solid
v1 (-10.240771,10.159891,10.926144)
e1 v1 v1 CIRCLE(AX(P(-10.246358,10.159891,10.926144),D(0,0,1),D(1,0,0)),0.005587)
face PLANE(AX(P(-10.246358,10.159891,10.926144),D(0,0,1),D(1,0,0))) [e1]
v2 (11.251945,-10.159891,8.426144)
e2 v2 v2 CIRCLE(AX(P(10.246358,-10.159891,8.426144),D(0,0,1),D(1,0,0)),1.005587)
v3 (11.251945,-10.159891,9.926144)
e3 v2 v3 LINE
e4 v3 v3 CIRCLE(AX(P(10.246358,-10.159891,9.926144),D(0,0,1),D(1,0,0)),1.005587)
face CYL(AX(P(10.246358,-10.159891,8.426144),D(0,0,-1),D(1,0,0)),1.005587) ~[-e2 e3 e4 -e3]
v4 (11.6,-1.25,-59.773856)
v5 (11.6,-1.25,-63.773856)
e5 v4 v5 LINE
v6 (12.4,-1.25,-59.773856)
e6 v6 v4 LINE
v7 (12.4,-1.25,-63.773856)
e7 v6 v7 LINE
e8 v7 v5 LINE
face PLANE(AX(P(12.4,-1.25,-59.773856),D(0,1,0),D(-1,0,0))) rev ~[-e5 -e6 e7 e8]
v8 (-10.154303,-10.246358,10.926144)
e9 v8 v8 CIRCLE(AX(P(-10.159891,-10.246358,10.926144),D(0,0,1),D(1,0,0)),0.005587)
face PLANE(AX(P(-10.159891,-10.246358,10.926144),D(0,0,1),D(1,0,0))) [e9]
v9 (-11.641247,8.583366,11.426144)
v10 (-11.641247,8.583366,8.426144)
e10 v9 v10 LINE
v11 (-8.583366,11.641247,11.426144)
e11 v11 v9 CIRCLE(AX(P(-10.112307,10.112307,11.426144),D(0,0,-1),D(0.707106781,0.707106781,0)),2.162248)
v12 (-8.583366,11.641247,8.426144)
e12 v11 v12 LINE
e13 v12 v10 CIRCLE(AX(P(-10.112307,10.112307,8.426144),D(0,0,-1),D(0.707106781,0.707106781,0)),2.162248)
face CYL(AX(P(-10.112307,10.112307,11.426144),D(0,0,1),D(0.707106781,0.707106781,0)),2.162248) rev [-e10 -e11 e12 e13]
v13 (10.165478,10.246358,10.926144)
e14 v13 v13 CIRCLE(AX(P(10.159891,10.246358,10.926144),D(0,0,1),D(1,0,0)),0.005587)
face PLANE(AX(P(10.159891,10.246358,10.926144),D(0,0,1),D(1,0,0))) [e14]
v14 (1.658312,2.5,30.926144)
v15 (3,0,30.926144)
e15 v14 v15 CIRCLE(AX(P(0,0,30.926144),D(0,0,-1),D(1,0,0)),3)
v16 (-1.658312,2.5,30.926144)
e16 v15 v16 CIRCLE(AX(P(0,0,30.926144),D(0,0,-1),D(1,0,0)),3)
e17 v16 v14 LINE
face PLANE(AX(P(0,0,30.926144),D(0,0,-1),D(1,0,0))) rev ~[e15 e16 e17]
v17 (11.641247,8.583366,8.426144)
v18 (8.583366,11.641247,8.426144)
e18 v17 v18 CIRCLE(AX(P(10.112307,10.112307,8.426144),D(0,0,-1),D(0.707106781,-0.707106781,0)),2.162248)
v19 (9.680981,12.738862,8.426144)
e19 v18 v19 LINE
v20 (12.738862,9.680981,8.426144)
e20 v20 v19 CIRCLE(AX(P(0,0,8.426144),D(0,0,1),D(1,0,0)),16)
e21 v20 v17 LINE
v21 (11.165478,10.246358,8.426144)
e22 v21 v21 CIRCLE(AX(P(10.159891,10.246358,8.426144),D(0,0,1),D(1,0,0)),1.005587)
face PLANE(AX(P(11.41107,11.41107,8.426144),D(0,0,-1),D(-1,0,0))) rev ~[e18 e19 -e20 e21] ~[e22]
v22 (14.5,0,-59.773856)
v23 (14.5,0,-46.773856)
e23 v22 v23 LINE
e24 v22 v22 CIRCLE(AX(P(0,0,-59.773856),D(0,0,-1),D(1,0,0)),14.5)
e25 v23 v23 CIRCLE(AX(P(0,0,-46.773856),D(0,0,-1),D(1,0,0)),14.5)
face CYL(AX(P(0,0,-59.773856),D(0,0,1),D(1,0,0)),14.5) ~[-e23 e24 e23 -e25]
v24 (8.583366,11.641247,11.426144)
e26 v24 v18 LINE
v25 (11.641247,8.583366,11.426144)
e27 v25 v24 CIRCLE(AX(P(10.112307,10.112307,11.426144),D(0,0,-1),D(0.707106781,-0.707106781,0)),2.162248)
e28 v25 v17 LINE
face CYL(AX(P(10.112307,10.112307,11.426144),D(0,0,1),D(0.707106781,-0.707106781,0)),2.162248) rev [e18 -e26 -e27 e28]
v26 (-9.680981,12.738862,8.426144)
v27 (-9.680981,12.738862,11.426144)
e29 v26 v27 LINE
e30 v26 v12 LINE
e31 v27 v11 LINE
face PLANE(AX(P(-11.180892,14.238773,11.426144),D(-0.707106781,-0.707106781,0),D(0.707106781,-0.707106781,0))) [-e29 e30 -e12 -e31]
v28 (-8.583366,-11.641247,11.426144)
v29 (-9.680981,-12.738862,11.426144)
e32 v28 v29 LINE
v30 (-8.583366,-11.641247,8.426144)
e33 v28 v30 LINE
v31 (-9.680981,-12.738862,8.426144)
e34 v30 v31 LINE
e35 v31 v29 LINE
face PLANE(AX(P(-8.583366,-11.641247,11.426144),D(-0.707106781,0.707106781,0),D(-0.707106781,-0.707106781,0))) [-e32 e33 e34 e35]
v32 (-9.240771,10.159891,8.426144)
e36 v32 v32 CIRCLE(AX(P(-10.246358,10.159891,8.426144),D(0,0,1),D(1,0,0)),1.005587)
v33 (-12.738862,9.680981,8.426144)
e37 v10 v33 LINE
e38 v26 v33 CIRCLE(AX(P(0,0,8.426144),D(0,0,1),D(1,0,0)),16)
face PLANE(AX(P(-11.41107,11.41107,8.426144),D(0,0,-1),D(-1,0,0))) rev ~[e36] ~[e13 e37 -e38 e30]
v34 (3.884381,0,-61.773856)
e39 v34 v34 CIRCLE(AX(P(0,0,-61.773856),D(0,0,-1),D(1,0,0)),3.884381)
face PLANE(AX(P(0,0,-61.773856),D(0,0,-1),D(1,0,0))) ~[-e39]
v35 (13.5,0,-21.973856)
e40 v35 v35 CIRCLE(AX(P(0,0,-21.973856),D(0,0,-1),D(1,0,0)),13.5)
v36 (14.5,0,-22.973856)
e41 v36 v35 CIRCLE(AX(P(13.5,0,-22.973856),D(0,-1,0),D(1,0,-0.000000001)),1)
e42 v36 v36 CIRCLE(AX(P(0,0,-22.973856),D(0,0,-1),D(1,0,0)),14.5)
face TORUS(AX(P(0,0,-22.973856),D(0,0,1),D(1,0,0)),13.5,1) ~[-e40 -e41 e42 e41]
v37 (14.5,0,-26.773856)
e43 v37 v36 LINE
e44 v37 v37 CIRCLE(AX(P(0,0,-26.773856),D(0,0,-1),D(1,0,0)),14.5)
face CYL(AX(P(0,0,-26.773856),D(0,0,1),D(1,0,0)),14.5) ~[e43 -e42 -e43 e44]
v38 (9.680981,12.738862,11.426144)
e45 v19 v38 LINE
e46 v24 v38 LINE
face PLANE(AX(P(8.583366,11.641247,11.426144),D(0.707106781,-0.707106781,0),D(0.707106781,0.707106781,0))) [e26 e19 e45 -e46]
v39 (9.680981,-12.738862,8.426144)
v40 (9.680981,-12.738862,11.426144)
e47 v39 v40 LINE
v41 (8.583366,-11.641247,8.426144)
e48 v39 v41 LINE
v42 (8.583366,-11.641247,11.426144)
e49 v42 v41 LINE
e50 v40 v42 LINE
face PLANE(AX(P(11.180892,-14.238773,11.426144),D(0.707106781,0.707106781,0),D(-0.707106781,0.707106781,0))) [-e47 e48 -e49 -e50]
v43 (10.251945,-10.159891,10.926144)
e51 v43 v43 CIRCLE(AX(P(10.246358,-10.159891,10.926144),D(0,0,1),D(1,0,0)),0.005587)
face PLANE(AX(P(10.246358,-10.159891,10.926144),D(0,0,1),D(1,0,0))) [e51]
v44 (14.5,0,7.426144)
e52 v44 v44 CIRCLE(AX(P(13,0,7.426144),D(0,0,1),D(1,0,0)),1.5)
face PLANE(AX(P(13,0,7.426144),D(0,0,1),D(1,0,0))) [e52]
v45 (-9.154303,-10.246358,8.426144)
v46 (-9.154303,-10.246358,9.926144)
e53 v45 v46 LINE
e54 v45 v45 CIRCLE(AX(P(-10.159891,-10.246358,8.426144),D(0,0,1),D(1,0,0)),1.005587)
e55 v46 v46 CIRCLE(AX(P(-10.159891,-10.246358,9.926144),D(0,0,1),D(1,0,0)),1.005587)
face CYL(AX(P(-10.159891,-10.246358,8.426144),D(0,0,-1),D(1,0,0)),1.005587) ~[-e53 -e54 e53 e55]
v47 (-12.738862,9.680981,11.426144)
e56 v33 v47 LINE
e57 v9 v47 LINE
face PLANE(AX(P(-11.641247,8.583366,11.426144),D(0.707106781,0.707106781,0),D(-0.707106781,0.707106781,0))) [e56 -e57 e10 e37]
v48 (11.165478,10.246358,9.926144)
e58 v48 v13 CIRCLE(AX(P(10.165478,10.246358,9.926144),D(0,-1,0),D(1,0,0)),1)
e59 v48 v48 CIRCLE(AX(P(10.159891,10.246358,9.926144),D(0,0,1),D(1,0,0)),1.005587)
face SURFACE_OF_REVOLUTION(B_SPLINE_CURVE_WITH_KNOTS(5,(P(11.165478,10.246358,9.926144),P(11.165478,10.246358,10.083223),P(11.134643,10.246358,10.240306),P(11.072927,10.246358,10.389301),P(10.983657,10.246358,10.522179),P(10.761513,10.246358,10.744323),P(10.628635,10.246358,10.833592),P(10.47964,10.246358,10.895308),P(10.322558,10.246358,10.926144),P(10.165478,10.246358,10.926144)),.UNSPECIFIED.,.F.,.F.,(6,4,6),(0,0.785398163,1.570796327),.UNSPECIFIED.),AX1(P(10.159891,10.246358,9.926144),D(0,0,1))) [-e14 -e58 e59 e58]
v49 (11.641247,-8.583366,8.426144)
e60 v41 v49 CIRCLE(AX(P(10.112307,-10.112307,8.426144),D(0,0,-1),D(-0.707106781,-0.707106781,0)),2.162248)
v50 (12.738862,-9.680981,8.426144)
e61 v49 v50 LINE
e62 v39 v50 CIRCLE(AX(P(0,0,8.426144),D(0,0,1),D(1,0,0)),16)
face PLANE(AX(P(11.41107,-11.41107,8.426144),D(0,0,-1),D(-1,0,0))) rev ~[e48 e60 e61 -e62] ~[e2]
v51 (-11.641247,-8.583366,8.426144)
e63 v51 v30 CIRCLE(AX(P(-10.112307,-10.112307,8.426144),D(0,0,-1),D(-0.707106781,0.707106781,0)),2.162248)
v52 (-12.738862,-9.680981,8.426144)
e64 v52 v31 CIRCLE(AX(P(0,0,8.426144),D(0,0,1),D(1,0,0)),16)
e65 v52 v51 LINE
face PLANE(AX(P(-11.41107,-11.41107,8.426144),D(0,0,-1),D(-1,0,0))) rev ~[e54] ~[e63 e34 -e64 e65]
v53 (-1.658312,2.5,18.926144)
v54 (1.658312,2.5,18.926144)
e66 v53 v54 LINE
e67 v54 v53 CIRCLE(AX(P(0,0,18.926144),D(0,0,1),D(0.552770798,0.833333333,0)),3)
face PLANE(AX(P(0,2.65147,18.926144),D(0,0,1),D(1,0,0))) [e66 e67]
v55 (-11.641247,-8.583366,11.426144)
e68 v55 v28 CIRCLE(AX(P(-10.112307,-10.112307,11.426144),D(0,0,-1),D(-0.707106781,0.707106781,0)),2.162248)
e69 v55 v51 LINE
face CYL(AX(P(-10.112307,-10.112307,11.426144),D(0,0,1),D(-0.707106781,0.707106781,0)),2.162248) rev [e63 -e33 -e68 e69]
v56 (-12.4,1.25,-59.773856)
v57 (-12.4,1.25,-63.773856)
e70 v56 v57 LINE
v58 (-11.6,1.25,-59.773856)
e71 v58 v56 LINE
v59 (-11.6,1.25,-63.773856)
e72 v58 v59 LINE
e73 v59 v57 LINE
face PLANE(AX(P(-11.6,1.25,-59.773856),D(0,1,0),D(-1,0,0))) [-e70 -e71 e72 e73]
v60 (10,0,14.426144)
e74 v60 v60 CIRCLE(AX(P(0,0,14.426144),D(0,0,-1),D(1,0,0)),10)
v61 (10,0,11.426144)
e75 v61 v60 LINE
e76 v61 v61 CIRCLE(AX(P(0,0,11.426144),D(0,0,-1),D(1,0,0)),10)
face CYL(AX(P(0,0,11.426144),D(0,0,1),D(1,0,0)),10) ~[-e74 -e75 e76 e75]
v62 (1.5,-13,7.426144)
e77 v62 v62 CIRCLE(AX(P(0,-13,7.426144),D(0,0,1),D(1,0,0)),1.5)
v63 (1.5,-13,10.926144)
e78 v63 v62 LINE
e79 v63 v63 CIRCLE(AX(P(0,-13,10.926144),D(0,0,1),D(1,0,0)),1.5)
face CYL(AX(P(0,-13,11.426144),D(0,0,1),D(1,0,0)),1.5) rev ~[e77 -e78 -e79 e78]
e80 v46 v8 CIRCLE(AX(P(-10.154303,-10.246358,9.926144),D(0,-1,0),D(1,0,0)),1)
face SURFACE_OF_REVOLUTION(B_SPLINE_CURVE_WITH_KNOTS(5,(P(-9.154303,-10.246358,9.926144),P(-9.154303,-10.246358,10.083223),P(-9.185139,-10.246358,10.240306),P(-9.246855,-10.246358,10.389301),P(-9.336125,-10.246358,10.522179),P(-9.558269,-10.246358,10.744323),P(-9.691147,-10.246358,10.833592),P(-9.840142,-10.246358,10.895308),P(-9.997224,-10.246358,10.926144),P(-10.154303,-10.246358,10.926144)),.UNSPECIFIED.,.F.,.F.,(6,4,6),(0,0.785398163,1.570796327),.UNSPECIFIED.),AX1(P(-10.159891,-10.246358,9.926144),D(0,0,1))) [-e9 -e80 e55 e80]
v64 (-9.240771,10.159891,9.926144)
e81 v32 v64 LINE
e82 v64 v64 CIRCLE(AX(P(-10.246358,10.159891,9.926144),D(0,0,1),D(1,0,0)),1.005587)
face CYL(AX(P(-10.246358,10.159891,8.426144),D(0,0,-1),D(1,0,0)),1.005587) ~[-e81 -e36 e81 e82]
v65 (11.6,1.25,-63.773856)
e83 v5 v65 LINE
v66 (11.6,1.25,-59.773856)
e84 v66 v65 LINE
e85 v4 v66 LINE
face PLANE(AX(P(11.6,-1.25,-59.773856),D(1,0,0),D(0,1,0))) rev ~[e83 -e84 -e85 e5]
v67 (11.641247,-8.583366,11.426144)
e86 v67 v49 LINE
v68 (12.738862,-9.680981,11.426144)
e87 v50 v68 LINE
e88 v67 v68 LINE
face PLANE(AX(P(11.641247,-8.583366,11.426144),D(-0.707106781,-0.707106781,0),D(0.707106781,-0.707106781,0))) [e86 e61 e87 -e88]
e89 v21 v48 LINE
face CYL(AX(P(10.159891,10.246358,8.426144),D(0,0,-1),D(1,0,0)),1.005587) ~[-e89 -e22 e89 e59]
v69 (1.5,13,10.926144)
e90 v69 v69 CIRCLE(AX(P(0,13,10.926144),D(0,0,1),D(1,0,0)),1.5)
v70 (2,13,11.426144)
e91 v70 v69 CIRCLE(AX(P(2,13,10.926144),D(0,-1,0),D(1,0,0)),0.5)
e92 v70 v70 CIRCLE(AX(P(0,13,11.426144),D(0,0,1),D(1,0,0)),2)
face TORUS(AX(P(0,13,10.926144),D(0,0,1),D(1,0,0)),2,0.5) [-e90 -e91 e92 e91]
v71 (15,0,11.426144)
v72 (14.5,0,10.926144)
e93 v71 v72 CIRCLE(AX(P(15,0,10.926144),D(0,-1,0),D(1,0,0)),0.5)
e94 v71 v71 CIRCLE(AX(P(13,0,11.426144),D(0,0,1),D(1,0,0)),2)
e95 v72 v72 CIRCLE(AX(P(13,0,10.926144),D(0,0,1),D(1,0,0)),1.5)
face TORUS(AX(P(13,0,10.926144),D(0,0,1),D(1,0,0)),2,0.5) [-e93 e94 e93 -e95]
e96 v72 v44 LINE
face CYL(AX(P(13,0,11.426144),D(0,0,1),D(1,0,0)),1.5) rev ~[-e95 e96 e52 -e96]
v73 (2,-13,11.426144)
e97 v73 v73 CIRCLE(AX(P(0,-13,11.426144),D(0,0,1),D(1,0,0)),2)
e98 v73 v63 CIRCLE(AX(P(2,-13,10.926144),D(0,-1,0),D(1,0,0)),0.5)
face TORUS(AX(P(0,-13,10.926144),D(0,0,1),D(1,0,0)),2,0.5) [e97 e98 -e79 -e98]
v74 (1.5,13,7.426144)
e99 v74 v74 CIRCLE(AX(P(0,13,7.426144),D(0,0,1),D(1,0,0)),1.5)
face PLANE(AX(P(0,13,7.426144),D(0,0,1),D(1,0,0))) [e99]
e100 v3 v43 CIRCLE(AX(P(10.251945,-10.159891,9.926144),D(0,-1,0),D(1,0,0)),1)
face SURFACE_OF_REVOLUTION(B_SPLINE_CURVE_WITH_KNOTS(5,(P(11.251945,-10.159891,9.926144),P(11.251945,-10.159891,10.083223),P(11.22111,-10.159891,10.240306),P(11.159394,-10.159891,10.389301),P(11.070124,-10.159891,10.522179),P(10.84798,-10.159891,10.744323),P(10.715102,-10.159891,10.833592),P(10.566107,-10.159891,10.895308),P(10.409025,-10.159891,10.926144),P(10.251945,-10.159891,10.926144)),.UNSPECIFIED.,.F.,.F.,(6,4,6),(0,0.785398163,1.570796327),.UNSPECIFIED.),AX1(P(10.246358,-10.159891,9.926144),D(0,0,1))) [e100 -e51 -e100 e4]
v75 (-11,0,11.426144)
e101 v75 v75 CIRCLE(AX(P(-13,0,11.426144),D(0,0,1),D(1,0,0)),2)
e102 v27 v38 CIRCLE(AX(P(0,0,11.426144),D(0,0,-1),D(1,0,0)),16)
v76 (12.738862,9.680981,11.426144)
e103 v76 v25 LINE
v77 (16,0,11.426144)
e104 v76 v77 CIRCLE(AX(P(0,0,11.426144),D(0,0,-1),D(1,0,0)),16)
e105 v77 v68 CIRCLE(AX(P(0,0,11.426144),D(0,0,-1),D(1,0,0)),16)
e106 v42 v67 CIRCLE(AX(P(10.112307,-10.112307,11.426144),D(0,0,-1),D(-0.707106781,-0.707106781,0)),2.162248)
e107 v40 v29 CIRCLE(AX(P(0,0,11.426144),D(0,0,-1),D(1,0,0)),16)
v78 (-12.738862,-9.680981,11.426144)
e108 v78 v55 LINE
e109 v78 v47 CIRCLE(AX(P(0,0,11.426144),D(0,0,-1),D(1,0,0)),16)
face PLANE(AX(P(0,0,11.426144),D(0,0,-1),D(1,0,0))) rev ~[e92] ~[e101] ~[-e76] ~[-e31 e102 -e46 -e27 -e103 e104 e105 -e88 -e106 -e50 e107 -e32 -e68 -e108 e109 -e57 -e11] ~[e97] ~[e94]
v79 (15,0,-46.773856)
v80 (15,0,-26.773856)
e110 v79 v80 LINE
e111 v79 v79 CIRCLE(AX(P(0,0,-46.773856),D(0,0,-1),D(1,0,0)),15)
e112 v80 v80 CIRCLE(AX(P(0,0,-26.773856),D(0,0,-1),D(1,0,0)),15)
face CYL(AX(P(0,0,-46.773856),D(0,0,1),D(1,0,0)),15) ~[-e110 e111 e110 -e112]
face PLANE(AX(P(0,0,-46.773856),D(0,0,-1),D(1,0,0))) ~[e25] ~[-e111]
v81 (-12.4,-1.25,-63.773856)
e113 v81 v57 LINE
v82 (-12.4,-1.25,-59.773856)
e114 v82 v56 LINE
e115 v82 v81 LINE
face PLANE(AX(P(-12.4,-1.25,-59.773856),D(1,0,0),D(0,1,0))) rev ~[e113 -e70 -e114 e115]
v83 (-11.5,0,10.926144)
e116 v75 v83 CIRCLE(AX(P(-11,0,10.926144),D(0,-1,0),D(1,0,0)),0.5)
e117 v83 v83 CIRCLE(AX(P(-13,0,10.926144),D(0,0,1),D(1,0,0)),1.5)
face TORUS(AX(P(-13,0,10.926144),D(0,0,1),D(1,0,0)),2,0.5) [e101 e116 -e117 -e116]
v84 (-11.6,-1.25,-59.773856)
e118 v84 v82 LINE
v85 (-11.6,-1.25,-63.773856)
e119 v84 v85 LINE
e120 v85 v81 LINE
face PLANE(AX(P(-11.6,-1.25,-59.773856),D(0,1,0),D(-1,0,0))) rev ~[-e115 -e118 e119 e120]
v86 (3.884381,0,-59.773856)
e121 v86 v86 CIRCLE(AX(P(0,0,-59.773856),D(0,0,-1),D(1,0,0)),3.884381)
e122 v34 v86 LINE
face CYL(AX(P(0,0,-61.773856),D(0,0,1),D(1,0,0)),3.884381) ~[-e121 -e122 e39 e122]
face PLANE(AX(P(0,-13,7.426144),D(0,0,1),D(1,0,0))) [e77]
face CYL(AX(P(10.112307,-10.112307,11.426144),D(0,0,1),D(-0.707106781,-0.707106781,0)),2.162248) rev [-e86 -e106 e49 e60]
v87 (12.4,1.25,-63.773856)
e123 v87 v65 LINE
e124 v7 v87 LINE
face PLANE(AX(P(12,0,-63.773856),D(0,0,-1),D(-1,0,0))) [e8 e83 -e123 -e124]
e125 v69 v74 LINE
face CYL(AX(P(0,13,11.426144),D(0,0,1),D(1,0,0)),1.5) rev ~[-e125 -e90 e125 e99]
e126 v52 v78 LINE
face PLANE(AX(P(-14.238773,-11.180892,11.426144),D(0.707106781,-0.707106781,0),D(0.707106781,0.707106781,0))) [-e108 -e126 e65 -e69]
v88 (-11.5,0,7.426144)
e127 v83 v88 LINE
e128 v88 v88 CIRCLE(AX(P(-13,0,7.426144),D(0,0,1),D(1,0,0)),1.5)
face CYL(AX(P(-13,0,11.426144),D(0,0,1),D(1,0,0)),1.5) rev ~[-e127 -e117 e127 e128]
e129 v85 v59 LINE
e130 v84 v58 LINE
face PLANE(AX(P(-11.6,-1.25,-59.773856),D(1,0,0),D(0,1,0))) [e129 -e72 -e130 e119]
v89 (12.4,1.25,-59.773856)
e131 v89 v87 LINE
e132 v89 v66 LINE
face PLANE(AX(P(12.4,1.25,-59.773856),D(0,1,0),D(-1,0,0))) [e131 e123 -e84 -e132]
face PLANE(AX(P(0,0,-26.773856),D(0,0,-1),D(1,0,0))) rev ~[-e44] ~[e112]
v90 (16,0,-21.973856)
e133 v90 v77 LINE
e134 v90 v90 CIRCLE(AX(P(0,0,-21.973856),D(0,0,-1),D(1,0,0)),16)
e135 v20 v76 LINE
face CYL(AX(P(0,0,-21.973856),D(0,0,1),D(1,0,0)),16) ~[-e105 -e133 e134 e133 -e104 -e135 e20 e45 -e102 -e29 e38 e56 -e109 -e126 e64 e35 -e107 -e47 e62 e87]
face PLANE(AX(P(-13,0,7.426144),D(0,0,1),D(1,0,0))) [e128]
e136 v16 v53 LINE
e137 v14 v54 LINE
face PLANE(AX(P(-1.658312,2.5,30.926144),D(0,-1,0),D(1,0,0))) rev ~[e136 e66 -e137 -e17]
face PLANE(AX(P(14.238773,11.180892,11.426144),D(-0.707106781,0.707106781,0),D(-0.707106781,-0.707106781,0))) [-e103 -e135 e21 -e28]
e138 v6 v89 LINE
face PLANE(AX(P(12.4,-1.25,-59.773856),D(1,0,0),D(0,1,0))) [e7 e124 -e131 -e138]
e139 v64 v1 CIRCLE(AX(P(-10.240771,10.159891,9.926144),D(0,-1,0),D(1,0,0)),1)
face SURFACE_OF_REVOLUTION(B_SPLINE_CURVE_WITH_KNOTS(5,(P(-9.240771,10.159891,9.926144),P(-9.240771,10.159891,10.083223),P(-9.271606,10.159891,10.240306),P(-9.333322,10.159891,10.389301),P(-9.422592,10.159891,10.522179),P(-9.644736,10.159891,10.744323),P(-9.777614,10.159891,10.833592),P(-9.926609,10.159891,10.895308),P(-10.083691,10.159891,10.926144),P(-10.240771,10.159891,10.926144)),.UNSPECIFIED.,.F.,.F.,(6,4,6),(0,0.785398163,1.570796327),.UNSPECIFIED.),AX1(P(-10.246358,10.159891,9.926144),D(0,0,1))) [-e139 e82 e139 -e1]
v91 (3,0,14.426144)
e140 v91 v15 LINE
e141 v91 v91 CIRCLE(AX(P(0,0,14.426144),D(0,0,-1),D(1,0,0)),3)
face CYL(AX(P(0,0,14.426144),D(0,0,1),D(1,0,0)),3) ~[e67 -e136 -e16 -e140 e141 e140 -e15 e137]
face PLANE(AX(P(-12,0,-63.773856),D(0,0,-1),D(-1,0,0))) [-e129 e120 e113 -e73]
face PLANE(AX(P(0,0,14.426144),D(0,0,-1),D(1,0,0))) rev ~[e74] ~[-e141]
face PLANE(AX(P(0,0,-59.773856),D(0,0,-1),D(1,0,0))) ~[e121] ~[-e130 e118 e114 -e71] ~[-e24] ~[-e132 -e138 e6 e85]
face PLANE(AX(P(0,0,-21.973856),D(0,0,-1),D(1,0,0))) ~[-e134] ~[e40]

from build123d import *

# Parameters (mm, degrees)
ENL_V_MAT_EXTRU_1_DEPTH = 12
ESQUISSE3_W             = 0.8
ESQUISSE3_H             = 2.5
BOSS_EXTRU_1_DEPTH      = 4
ESQUISSE4_R             = 1.5
ENL_V_MAT_EXTRU_2_DEPTH = 4
CONG_2_R                = 0.5
ENL_V_MAT_EXTRU_3_DEPTH = 3
ESQUISSE6_R             = 1.00558737
BOSS_EXTRU_2_DEPTH      = 2.5
CONG_3_R                = 1


with BuildPart() as part:
    # Esquisse1 → Révolution1 (revolve)
    with BuildSketch(Plane(origin=(0, 0, 0), x_dir=(0, 0, -1), z_dir=(1, 0, 0)), mode=Mode.PRIVATE) as r_volution1_sk:
        with BuildLine():
            Line((61.773856141, 0), (61.773856141, 3.884381115))
            Line((61.773856141, 3.884381115), (59.773856141, 3.884381115))
            Line((59.773856141, 3.884381115), (59.773856141, 14.5))
            Line((59.773856141, 14.5), (46.773856141, 14.5))
            Line((46.773856141, 14.5), (46.773856141, 15))
            Line((46.773856141, 15), (26.773856141, 15))
            Line((26.773856141, 15), (26.773856141, 14.5))
            Line((26.773856141, 14.5), (22.973856141, 14.5))
            ThreePointArc((22.973856141, 14.5), (22.266749359, 14.207106781), (21.973856141, 13.5))
            Line((21.973856141, 13.5), (21.973856141, 14.5))
            Line((21.973856141, 14.5), (21.973856141, 16))
            Line((21.973856141, 16), (-11.426143859, 16))
            Line((-11.426143859, 16), (-11.426143859, 10))
            Line((-11.426143859, 10), (-14.426143859, 10))
            Line((-14.426143859, 10), (-14.426143859, 3))
            Line((-14.426143859, 3), (-30.926143859, 3))
            Line((-30.926143859, 3), (-30.926143859, 0))
            Line((-30.926143859, 0), (61.773856141, 0))
        make_face()
    revolve(r_volution1_sk.sketch.rotate(Axis((0, 0, 20.6), (0, 0, -1)), 90), axis=Axis((0, 0, 20.6), (0, 0, -1)))

    # Esquisse2 → Enlèv. mat.-Extru.1 (cut)
    with BuildSketch(Plane.XY.offset(30.926143859)):
        with BuildLine():
            Line((-1.658312395, 2.5), (1.658312395, 2.5))
            ThreePointArc((1.658312395, 2.5), (0, 3), (-1.658312395, 2.5))
        make_face()
    extrude(amount=-ENL_V_MAT_EXTRU_1_DEPTH, mode=Mode.SUBTRACT)

    # Esquisse3 → Boss.-Extru.1 (add)
    with BuildSketch(Plane(origin=(0, 0, -59.773856141), x_dir=(-1, 0, 0), z_dir=(0, 0, -1))):
        with Locations((-12, 0)):
            Rectangle(ESQUISSE3_W, ESQUISSE3_H)
        with Locations((12, 0)):
            Rectangle(ESQUISSE3_W, ESQUISSE3_H)
    extrude(amount=BOSS_EXTRU_1_DEPTH)

    # Esquisse4 → Enlèv. mat.-Extru.2 (cut)
    with BuildSketch(Plane.XY.offset(11.426143859)):
        with Locations((13, 0)):
            Circle(ESQUISSE4_R)
        with Locations((0, -13)):
            Circle(ESQUISSE4_R)
        with Locations((-13, 0)):
            Circle(ESQUISSE4_R)
        with Locations((0, 13)):
            Circle(ESQUISSE4_R)
    extrude(amount=-ENL_V_MAT_EXTRU_2_DEPTH, mode=Mode.SUBTRACT)

    # Congé2
    cong_2_edges = [part.edges().sort_by_distance(p)[0] for p in [
        (11.5, 0, 11.426143859),
        (-1.5, -13, 11.426143859),
        (-14.5, 0, 11.426143859),
        (-1.5, 13, 11.426143859),
    ]]
    fillet(cong_2_edges, radius=CONG_2_R)

    # Esquisse5 → Enlèv. mat.-Extru.3 (cut)
    with BuildSketch(Plane.XY.offset(11.426143859)):
        with BuildLine():
            Line((-11.64124723, 8.583366209), (-14.238773212, 11.18089219))
            ThreePointArc((-14.238773212, 11.18089219), (-14.238773212, 14.238773212), (-11.18089219, 14.238773212))
            Line((-11.18089219, 14.238773212), (-8.583366209, 11.64124723))
            ThreePointArc((-8.583366209, 11.64124723), (-8.583366209, 8.583366209), (-11.64124723, 8.583366209))
        make_face()
        with BuildLine():
            Line((8.583366209, 11.64124723), (11.18089219, 14.238773212))
            ThreePointArc((11.18089219, 14.238773212), (14.238773212, 14.238773212), (14.238773212, 11.18089219))
            Line((14.238773212, 11.18089219), (11.64124723, 8.583366209))
            ThreePointArc((11.64124723, 8.583366209), (8.583366209, 8.583366209), (8.583366209, 11.64124723))
        make_face()
        with BuildLine():
            Line((11.64124723, -8.583366209), (14.238773212, -11.18089219))
            ThreePointArc((14.238773212, -11.18089219), (14.238773212, -14.238773212), (11.18089219, -14.238773212))
            Line((11.18089219, -14.238773212), (8.583366209, -11.64124723))
            ThreePointArc((8.583366209, -11.64124723), (8.583366209, -8.583366209), (11.64124723, -8.583366209))
        make_face()
        with BuildLine():
            Line((-8.583366209, -11.64124723), (-11.18089219, -14.238773212))
            ThreePointArc((-11.18089219, -14.238773212), (-14.238773212, -14.238773212), (-14.238773212, -11.18089219))
            Line((-14.238773212, -11.18089219), (-11.64124723, -8.583366209))
            ThreePointArc((-11.64124723, -8.583366209), (-8.583366209, -8.583366209), (-8.583366209, -11.64124723))
        make_face()
    extrude(amount=-ENL_V_MAT_EXTRU_3_DEPTH, mode=Mode.SUBTRACT)

    # Esquisse6 → Boss.-Extru.2 (add)
    with BuildSketch(Plane.XY.offset(8.426143859)):
        with Locations((-10.246357947, 10.159890792)):
            Circle(ESQUISSE6_R)
        with Locations((10.159890792, 10.246357947)):
            Circle(ESQUISSE6_R)
        with Locations((10.246357947, -10.159890792)):
            Circle(ESQUISSE6_R)
        with Locations((-10.159890792, -10.246357947)):
            Circle(ESQUISSE6_R)
    extrude(amount=BOSS_EXTRU_2_DEPTH)

    # Congé3
    cong_3_edges = [part.edges().sort_by_distance(p)[0] for p in [
        (-11.251945317, 10.159890792, 10.926143859),
        (9.154303422, 10.246357947, 10.926143859),
        (9.240770577, -10.159890792, 10.926143859),
        (-11.165478162, -10.246357947, 10.926143859),
    ]]
    fillet(cong_3_edges, radius=CONG_3_R)


solid = part.part
